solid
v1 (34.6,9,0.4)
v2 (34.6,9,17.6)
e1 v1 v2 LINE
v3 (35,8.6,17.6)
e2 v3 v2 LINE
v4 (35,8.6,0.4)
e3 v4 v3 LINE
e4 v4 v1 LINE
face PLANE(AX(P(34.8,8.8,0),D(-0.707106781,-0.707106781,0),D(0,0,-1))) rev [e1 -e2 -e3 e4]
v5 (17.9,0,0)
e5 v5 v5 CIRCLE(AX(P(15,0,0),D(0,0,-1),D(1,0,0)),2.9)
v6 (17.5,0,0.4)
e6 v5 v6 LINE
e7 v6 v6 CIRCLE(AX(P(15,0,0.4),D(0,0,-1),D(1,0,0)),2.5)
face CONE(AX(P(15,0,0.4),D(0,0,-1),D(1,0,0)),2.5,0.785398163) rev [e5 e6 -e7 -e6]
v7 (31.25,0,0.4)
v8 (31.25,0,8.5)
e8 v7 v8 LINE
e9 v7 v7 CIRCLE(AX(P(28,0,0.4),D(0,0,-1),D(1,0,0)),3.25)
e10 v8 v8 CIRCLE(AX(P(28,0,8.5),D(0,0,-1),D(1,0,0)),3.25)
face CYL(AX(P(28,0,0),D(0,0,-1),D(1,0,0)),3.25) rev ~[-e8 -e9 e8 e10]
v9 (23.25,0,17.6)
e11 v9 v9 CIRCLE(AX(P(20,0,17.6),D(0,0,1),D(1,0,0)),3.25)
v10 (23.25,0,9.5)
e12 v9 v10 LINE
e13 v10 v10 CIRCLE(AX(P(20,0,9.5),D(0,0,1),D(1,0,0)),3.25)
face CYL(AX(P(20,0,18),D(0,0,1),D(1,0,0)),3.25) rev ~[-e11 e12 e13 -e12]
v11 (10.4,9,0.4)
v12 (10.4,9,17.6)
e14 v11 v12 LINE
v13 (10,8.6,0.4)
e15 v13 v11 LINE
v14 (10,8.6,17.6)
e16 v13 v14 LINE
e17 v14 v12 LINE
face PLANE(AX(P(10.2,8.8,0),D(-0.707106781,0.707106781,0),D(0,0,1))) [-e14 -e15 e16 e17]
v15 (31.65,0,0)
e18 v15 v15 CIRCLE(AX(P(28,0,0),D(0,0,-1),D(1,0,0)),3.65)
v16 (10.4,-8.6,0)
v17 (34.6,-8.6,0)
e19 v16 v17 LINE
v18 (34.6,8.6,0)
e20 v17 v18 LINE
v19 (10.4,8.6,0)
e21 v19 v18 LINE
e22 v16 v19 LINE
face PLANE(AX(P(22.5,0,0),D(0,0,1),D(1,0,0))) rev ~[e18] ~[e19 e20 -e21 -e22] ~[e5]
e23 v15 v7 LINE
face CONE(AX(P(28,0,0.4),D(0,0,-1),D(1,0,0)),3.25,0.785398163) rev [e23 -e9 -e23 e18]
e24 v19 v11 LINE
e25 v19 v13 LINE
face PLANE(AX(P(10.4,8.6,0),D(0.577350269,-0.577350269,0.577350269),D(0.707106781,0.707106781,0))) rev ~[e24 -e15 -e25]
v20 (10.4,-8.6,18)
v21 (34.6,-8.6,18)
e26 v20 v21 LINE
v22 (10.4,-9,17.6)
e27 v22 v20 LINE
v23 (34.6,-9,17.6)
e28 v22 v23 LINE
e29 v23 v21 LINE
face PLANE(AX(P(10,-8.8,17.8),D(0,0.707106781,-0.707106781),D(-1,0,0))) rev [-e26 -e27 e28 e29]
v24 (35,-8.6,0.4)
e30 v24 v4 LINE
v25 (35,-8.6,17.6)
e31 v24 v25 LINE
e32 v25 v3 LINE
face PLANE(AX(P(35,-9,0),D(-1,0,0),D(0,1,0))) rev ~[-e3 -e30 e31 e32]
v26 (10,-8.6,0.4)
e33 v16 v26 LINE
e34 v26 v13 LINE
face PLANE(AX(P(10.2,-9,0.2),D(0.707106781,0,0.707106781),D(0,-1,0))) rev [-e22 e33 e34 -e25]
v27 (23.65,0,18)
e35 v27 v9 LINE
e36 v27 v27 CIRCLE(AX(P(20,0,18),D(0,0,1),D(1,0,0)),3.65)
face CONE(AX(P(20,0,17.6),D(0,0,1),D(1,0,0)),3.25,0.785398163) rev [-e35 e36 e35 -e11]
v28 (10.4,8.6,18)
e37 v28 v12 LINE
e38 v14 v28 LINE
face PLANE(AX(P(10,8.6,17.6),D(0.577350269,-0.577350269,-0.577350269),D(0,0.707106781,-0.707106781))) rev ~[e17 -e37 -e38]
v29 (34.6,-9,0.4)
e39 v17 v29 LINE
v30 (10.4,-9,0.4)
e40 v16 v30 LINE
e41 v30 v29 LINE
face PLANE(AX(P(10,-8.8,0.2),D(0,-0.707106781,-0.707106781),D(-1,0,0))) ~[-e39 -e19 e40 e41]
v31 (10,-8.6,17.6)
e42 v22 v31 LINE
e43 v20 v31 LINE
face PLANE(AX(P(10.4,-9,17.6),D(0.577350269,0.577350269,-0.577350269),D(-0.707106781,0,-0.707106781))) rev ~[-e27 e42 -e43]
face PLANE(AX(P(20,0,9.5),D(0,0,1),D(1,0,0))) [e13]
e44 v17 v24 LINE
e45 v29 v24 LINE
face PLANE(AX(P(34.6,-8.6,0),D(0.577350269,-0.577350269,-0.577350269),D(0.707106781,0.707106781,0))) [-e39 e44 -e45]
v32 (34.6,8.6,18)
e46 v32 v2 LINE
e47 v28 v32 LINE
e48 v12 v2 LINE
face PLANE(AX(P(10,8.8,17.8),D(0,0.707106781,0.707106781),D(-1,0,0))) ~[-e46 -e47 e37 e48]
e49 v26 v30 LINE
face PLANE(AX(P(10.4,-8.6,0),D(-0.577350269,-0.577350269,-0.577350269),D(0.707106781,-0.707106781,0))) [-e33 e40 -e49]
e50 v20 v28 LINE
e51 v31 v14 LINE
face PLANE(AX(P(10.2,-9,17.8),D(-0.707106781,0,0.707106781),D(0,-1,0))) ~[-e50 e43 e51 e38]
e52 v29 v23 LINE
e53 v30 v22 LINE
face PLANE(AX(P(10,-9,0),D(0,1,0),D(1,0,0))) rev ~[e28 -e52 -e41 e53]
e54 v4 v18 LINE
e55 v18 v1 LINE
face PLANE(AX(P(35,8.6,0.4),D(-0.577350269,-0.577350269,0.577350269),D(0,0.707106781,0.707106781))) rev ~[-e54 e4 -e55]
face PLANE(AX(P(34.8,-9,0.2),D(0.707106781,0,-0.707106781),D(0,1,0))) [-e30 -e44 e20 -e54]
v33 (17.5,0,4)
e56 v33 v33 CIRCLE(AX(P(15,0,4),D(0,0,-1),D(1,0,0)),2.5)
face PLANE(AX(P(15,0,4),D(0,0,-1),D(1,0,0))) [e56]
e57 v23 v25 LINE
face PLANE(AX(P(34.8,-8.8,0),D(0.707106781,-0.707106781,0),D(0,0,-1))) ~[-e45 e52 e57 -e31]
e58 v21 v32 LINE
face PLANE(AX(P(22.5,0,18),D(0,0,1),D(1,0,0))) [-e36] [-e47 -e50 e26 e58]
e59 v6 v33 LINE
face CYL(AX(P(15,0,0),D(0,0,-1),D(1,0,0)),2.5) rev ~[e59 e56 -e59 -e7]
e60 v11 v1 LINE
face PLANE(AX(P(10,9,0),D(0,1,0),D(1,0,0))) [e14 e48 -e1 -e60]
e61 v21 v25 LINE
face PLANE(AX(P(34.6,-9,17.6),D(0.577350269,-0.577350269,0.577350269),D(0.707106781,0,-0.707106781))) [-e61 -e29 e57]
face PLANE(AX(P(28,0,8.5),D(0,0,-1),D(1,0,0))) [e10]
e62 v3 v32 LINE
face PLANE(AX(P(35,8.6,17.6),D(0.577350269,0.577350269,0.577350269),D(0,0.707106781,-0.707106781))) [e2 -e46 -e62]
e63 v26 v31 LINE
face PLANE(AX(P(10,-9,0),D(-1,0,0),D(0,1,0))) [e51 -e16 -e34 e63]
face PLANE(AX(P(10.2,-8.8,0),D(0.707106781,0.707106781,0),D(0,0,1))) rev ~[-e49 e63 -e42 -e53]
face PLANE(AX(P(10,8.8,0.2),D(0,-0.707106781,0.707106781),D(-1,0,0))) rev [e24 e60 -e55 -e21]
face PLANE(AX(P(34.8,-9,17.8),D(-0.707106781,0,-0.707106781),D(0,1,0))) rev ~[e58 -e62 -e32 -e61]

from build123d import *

# Parameters (mm, degrees)
SKETCH_W        = 25
SKETCH_H        = 18
PAD_DEPTH       = 18
SKETCH001_R     = 2.5
POCKET_DEPTH    = 4
SKETCH002_R     = 3.25
POCKET001_DEPTH = 8.5
SKETCH003_R     = 3.25
POCKET002_DEPTH = 8.5
CHAMFER_SIZE    = 0.4


with BuildPart() as part:
    # Sketch → Pad (new body)
    with BuildSketch(Plane.XY):
        with Locations((22.5, 0)):
            Rectangle(SKETCH_W, SKETCH_H)
    extrude(amount=PAD_DEPTH)

    # Sketch001 (on Face5 of Pad) → Pocket (cut)
    with BuildSketch(Plane(origin=(0, 0, 0), x_dir=(1, 0, 0), z_dir=(0, 0, -1))):
        with Locations((15, 0)):
            Circle(SKETCH001_R)
    extrude(amount=-POCKET_DEPTH, mode=Mode.SUBTRACT)

    # Sketch002 (on Face4 of Pocket) → Pocket001 (cut)
    with BuildSketch(Plane(origin=(0, 0, 0), x_dir=(1, 0, 0), z_dir=(0, 0, -1))):
        with Locations((28, 0)):
            Circle(SKETCH002_R)
    extrude(amount=-POCKET001_DEPTH, mode=Mode.SUBTRACT)

    # Sketch003 (on Face5 of Pocket001) → Pocket002 (cut)
    with BuildSketch(Plane.XY.offset(18)):
        with Locations((20, 0)):
            Circle(SKETCH003_R)
    extrude(amount=-POCKET002_DEPTH, mode=Mode.SUBTRACT)

    # Chamfer
    chamfer_edges = [part.edges().sort_by_distance(p)[0] for p in [
        (22.5, 9, 18),
        (10, 0, 18),
        (35, 0, 18),
        (22.5, -9, 18),
        (16.75, 0, 18),
        (10, -9, 9),
        (10, 9, 9),
        (10, 0, 0),
        (35, -9, 9),
        (22.5, -9, 0),
        (22.5, 9, 0),
        (35, 0, 0),
        (24.75, 0, 0),
        (12.5, 0, 0),
        (35, 9, 9),
    ]]
    chamfer(chamfer_edges, length=CHAMFER_SIZE)


solid = part.part
